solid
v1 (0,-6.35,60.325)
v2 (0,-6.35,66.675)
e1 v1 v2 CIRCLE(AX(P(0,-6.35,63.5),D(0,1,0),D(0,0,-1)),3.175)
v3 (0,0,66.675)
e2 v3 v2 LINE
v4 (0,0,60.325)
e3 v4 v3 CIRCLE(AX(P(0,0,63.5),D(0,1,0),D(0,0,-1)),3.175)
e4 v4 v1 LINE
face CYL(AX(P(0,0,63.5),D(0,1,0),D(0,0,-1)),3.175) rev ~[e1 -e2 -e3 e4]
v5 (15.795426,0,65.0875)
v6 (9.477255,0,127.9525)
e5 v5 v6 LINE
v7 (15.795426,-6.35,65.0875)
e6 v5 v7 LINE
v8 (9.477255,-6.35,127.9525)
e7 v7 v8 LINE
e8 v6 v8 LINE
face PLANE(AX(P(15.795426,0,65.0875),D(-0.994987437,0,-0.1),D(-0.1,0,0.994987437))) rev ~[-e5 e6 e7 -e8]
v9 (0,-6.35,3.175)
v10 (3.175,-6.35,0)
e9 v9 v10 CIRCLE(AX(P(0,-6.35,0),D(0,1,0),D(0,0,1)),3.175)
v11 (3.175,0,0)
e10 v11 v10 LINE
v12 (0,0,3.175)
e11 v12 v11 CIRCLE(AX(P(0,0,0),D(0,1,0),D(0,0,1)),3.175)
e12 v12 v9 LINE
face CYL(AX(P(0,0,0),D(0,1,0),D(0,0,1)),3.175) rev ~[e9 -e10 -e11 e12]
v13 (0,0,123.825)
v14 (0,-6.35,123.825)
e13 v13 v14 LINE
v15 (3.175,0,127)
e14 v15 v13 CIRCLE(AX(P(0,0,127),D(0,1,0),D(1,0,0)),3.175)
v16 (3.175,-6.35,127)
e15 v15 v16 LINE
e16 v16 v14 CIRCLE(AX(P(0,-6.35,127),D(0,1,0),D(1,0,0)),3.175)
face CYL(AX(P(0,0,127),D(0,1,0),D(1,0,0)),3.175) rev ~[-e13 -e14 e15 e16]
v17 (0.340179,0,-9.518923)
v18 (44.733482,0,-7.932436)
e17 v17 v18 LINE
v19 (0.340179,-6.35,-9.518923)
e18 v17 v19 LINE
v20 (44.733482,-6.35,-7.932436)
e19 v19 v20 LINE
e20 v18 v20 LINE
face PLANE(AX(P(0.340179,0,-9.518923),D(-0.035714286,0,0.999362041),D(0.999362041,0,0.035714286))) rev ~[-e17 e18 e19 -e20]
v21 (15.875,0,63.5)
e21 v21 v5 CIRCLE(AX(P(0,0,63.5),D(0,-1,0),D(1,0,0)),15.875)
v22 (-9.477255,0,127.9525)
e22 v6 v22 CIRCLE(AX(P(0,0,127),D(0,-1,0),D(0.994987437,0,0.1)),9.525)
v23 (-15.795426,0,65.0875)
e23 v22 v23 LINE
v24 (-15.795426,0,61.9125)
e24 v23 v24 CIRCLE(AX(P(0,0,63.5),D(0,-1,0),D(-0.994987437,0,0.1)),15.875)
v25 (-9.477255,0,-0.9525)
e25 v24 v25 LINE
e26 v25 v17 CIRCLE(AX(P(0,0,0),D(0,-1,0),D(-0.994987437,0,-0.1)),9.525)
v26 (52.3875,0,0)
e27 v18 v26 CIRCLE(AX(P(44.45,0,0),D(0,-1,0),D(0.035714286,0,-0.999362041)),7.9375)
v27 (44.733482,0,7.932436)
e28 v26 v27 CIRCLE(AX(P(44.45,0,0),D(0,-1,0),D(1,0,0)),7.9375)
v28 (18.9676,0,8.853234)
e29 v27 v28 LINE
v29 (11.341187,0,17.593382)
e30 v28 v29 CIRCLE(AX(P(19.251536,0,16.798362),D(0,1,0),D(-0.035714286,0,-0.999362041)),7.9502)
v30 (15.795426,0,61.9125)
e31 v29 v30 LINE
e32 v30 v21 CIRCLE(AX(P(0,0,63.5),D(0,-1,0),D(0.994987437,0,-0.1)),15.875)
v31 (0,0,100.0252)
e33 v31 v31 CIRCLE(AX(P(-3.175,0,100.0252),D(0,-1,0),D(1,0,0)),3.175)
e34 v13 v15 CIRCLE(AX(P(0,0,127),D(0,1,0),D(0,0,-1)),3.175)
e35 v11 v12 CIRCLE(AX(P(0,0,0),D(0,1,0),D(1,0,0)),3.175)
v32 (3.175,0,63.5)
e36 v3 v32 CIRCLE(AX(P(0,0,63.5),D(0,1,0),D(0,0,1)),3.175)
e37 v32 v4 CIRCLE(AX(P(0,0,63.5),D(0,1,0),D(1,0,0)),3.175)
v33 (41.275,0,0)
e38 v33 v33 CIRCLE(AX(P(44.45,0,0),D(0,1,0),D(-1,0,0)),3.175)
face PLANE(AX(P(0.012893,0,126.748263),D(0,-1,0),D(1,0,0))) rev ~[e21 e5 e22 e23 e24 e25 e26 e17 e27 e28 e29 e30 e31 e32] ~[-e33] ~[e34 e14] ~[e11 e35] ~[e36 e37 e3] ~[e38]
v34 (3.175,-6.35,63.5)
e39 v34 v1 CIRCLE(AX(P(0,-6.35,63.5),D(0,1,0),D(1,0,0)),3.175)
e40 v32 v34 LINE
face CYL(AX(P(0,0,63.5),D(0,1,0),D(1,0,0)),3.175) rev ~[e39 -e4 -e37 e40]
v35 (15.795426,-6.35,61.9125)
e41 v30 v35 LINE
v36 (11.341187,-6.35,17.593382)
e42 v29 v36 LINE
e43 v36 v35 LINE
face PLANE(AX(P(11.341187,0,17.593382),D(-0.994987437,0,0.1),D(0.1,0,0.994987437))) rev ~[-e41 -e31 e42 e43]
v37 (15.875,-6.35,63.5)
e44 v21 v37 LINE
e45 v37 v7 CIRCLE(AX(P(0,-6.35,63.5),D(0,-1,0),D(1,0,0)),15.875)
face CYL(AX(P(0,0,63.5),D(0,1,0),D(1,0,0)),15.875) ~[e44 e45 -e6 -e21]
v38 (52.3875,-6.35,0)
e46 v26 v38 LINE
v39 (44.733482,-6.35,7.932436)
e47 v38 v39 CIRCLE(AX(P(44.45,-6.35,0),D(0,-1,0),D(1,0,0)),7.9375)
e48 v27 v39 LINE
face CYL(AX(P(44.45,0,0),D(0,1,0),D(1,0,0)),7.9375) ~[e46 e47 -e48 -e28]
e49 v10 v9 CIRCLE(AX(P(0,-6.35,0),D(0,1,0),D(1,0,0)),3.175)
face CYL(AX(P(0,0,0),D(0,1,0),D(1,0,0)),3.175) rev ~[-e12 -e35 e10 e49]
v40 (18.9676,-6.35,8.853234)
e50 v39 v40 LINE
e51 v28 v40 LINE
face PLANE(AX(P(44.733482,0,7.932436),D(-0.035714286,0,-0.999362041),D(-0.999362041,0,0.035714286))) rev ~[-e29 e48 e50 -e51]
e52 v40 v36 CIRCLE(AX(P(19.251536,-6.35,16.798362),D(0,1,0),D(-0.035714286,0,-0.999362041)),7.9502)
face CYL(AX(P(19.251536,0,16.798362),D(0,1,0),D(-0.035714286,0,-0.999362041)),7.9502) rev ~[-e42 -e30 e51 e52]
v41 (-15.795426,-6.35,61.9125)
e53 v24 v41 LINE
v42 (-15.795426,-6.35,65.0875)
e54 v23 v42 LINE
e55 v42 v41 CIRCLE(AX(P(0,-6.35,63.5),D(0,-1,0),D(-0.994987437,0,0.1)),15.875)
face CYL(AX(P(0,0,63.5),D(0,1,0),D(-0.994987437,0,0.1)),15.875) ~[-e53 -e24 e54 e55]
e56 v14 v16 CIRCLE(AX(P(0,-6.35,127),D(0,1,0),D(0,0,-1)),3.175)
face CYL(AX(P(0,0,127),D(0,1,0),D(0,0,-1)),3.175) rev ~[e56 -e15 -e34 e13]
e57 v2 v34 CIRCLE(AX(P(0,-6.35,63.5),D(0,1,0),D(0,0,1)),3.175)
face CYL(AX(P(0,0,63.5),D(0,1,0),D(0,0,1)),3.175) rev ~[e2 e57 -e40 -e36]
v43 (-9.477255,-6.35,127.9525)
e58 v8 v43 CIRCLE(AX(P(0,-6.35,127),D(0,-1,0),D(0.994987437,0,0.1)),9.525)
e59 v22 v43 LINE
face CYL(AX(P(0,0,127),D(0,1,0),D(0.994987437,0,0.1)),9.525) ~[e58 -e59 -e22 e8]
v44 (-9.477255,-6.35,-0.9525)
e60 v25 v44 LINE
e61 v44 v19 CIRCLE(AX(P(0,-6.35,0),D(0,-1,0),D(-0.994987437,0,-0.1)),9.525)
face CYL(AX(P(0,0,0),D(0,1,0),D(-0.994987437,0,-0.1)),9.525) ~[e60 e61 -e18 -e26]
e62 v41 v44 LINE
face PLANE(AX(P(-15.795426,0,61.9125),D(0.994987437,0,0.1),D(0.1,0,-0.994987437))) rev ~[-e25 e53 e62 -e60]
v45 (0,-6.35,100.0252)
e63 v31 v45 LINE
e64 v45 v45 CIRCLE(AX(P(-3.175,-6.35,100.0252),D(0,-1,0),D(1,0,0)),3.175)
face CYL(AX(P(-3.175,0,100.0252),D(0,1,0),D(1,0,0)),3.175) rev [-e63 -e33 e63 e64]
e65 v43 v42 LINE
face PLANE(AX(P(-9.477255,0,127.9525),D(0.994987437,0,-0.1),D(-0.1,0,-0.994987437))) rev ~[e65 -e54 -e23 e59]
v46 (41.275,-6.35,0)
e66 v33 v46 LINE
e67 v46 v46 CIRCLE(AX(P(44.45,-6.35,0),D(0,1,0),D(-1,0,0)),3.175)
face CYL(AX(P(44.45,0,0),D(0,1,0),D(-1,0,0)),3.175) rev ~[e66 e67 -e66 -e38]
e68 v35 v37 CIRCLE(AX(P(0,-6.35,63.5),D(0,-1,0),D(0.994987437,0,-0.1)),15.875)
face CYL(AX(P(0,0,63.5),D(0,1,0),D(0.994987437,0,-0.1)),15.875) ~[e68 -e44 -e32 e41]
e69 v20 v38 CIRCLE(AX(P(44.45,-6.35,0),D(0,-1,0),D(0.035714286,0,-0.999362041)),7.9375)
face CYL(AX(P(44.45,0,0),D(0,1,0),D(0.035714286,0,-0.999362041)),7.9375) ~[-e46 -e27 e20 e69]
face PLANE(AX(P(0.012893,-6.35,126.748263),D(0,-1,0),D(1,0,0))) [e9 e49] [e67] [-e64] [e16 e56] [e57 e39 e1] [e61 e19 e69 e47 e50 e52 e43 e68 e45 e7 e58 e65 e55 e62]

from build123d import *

# Parameters (mm, degrees)
F0_R     = 3.175
F1_DEPTH = 6.35


with BuildPart() as f1:
    # F0 (on Front) → F1 (new body)
    with BuildSketch(Plane.XZ):
        with BuildLine():
            ThreePointArc((9.4772553384, 127.9525), (0, 136.525), (-9.4772553384, 127.9525))
            ThreePointArc((-9.4772553384, 127.9525), (-7.063929059, 120.6104357543), (0, 117.475))
            ThreePointArc((0, 117.475), (6.7351920908, 120.2648079092), (9.525, 127))
            ThreePointArc((9.525, 127), (9.5130563464, 127.4768479324), (9.4772553384, 127.9525))
        make_face()
        with BuildLine():
            ThreePointArc((3.175, 127), (2.2450640303, 124.7549359697), (0, 123.825))
            ThreePointArc((0, 123.825), (-2.2450640303, 129.2450640303), (3.175, 127))
        make_face(mode=Mode.SUBTRACT)
        with BuildLine():
            Line((-9.4772553384, 127.9525), (-15.7954255641, 65.0875))
            ThreePointArc((-15.7954255641, 65.0875), (-10.6492737428, 75.2732150983), (0, 79.375))
            Line((0, 79.375), (0, 100.0252))
            Line((0, 100.0252), (0, 117.475))
            ThreePointArc((0, 117.475), (-7.063929059, 120.6104357543), (-9.4772553384, 127.9525))
        make_face()
        with Locations((-3.175, 100.0252)):
            Circle(F0_R, mode=Mode.SUBTRACT)
        with BuildLine():
            Line((0, 100.0252), (0, 79.375))
            ThreePointArc((0, 79.375), (10.6492737428, 75.2732150983), (15.7954255641, 65.0875))
            Line((15.7954255641, 65.0875), (9.4772553384, 127.9525))
            ThreePointArc((9.4772553384, 127.9525), (9.5130563464, 127.4768479324), (9.525, 127))
            ThreePointArc((9.525, 127), (6.7351920908, 120.2648079092), (0, 117.475))
            Line((0, 117.475), (0, 100.0252))
        make_face()
        with BuildLine():
            ThreePointArc((-15.7954255641, 61.9125), (-10.6492737428, 51.7267849017), (0, 47.625))
            Line((0, 47.625), (0, 60.325))
            ThreePointArc((0, 60.325), (-3.175, 63.5), (0, 66.675))
            Line((0, 66.675), (0, 79.375))
            ThreePointArc((0, 79.375), (-10.6492737428, 75.2732150983), (-15.7954255641, 65.0875))
            ThreePointArc((-15.7954255641, 65.0875), (-15.875, 63.5), (-15.7954255641, 61.9125))
        make_face()
        with BuildLine():
            Line((0, 60.325), (0, 47.625))
            ThreePointArc((0, 47.625), (10.6492737428, 51.7267849017), (15.7954255641, 61.9125))
            ThreePointArc((15.7954255641, 61.9125), (15.8550939106, 62.7052534459), (15.875, 63.5))
            ThreePointArc((15.875, 63.5), (15.8550939106, 64.2947465541), (15.7954255641, 65.0875))
            ThreePointArc((15.7954255641, 65.0875), (10.6492737428, 75.2732150983), (0, 79.375))
            Line((0, 79.375), (0, 66.675))
            ThreePointArc((0, 66.675), (2.2450640303, 65.7450640303), (3.175, 63.5))
            ThreePointArc((3.175, 63.5), (2.2450640303, 61.2549359697), (0, 60.325))
        make_face()
        with BuildLine():
            ThreePointArc((-9.4772553384, -0.9525), (-7.063929059, 6.3895642457), (0, 9.525))
            Line((0, 9.525), (0, 47.625))
            ThreePointArc((0, 47.625), (-10.6492737428, 51.7267849017), (-15.7954255641, 61.9125))
            Line((-15.7954255641, 61.9125), (-9.4772553384, -0.9525))
        make_face()
        with BuildLine():
            Line((0, 47.625), (0, 9.525))
            ThreePointArc((0, 9.525), (6.7351920908, 6.7351920908), (9.525, 0))
            Line((9.525, 0), (36.5125, 0))
            ThreePointArc((36.5125, 0), (38.9384772185, 5.7120069047), (44.7334821429, 7.9324362036))
            Line((44.7334821429, 7.9324362036), (18.9676000005, 8.8532337108))
            ThreePointArc((18.9676000005, 8.8532337108), (13.2611998974, 11.5713591498), (11.3411865923, 17.5933818124))
            Line((11.3411865923, 17.5933818124), (15.7954255641, 61.9125))
            ThreePointArc((15.7954255641, 61.9125), (10.6492737428, 51.7267849017), (0, 47.625))
        make_face()
        with BuildLine():
            ThreePointArc((3.175, 0), (-2.2450640303, -2.2450640303), (0, 3.175))
            Line((0, 3.175), (0, 9.525))
            ThreePointArc((0, 9.525), (-7.063929059, 6.3895642457), (-9.4772553384, -0.9525))
            ThreePointArc((-9.4772553384, -0.9525), (-6.2623833816, -7.1769199091), (0.3401785714, -9.5189234444))
            ThreePointArc((0.3401785714, -9.5189234444), (6.8544082857, -6.6138273378), (9.525, 0))
            Line((9.525, 0), (3.175, 0))
        make_face()
        with BuildLine():
            Line((0, 9.525), (0, 3.175))
            ThreePointArc((0, 3.175), (2.2450640303, 2.2450640303), (3.175, 0))
            Line((3.175, 0), (9.525, 0))
            ThreePointArc((9.525, 0), (6.7351920908, 6.7351920908), (0, 9.525))
        make_face()
        with BuildLine():
            Line((36.5125, 0), (9.525, 0))
            ThreePointArc((9.525, 0), (6.8544082857, -6.6138273378), (0.3401785714, -9.5189234444))
            Line((0.3401785714, -9.5189234444), (44.7334821429, -7.9324362036))
            ThreePointArc((44.7334821429, -7.9324362036), (38.9384772185, -5.7120069047), (36.5125, 0))
        make_face()
        with BuildLine():
            ThreePointArc((44.7334821429, 7.9324362036), (38.9384772185, 5.7120069047), (36.5125, 0))
            ThreePointArc((36.5125, 0), (38.9384772185, -5.7120069047), (44.7334821429, -7.9324362036))
            ThreePointArc((44.7334821429, -7.9324362036), (50.1620069047, -5.5115227815), (52.3875, 0))
            ThreePointArc((52.3875, 0), (50.1620069047, 5.5115227815), (44.7334821429, 7.9324362036))
        make_face()
        with BuildLine():
            ThreePointArc((47.625, 0), (44.45, -3.175), (41.275, 0))
            ThreePointArc((41.275, 0), (44.45, 3.175), (47.625, 0))
        make_face(mode=Mode.SUBTRACT)
    extrude(amount=F1_DEPTH)


solid = f1.part
